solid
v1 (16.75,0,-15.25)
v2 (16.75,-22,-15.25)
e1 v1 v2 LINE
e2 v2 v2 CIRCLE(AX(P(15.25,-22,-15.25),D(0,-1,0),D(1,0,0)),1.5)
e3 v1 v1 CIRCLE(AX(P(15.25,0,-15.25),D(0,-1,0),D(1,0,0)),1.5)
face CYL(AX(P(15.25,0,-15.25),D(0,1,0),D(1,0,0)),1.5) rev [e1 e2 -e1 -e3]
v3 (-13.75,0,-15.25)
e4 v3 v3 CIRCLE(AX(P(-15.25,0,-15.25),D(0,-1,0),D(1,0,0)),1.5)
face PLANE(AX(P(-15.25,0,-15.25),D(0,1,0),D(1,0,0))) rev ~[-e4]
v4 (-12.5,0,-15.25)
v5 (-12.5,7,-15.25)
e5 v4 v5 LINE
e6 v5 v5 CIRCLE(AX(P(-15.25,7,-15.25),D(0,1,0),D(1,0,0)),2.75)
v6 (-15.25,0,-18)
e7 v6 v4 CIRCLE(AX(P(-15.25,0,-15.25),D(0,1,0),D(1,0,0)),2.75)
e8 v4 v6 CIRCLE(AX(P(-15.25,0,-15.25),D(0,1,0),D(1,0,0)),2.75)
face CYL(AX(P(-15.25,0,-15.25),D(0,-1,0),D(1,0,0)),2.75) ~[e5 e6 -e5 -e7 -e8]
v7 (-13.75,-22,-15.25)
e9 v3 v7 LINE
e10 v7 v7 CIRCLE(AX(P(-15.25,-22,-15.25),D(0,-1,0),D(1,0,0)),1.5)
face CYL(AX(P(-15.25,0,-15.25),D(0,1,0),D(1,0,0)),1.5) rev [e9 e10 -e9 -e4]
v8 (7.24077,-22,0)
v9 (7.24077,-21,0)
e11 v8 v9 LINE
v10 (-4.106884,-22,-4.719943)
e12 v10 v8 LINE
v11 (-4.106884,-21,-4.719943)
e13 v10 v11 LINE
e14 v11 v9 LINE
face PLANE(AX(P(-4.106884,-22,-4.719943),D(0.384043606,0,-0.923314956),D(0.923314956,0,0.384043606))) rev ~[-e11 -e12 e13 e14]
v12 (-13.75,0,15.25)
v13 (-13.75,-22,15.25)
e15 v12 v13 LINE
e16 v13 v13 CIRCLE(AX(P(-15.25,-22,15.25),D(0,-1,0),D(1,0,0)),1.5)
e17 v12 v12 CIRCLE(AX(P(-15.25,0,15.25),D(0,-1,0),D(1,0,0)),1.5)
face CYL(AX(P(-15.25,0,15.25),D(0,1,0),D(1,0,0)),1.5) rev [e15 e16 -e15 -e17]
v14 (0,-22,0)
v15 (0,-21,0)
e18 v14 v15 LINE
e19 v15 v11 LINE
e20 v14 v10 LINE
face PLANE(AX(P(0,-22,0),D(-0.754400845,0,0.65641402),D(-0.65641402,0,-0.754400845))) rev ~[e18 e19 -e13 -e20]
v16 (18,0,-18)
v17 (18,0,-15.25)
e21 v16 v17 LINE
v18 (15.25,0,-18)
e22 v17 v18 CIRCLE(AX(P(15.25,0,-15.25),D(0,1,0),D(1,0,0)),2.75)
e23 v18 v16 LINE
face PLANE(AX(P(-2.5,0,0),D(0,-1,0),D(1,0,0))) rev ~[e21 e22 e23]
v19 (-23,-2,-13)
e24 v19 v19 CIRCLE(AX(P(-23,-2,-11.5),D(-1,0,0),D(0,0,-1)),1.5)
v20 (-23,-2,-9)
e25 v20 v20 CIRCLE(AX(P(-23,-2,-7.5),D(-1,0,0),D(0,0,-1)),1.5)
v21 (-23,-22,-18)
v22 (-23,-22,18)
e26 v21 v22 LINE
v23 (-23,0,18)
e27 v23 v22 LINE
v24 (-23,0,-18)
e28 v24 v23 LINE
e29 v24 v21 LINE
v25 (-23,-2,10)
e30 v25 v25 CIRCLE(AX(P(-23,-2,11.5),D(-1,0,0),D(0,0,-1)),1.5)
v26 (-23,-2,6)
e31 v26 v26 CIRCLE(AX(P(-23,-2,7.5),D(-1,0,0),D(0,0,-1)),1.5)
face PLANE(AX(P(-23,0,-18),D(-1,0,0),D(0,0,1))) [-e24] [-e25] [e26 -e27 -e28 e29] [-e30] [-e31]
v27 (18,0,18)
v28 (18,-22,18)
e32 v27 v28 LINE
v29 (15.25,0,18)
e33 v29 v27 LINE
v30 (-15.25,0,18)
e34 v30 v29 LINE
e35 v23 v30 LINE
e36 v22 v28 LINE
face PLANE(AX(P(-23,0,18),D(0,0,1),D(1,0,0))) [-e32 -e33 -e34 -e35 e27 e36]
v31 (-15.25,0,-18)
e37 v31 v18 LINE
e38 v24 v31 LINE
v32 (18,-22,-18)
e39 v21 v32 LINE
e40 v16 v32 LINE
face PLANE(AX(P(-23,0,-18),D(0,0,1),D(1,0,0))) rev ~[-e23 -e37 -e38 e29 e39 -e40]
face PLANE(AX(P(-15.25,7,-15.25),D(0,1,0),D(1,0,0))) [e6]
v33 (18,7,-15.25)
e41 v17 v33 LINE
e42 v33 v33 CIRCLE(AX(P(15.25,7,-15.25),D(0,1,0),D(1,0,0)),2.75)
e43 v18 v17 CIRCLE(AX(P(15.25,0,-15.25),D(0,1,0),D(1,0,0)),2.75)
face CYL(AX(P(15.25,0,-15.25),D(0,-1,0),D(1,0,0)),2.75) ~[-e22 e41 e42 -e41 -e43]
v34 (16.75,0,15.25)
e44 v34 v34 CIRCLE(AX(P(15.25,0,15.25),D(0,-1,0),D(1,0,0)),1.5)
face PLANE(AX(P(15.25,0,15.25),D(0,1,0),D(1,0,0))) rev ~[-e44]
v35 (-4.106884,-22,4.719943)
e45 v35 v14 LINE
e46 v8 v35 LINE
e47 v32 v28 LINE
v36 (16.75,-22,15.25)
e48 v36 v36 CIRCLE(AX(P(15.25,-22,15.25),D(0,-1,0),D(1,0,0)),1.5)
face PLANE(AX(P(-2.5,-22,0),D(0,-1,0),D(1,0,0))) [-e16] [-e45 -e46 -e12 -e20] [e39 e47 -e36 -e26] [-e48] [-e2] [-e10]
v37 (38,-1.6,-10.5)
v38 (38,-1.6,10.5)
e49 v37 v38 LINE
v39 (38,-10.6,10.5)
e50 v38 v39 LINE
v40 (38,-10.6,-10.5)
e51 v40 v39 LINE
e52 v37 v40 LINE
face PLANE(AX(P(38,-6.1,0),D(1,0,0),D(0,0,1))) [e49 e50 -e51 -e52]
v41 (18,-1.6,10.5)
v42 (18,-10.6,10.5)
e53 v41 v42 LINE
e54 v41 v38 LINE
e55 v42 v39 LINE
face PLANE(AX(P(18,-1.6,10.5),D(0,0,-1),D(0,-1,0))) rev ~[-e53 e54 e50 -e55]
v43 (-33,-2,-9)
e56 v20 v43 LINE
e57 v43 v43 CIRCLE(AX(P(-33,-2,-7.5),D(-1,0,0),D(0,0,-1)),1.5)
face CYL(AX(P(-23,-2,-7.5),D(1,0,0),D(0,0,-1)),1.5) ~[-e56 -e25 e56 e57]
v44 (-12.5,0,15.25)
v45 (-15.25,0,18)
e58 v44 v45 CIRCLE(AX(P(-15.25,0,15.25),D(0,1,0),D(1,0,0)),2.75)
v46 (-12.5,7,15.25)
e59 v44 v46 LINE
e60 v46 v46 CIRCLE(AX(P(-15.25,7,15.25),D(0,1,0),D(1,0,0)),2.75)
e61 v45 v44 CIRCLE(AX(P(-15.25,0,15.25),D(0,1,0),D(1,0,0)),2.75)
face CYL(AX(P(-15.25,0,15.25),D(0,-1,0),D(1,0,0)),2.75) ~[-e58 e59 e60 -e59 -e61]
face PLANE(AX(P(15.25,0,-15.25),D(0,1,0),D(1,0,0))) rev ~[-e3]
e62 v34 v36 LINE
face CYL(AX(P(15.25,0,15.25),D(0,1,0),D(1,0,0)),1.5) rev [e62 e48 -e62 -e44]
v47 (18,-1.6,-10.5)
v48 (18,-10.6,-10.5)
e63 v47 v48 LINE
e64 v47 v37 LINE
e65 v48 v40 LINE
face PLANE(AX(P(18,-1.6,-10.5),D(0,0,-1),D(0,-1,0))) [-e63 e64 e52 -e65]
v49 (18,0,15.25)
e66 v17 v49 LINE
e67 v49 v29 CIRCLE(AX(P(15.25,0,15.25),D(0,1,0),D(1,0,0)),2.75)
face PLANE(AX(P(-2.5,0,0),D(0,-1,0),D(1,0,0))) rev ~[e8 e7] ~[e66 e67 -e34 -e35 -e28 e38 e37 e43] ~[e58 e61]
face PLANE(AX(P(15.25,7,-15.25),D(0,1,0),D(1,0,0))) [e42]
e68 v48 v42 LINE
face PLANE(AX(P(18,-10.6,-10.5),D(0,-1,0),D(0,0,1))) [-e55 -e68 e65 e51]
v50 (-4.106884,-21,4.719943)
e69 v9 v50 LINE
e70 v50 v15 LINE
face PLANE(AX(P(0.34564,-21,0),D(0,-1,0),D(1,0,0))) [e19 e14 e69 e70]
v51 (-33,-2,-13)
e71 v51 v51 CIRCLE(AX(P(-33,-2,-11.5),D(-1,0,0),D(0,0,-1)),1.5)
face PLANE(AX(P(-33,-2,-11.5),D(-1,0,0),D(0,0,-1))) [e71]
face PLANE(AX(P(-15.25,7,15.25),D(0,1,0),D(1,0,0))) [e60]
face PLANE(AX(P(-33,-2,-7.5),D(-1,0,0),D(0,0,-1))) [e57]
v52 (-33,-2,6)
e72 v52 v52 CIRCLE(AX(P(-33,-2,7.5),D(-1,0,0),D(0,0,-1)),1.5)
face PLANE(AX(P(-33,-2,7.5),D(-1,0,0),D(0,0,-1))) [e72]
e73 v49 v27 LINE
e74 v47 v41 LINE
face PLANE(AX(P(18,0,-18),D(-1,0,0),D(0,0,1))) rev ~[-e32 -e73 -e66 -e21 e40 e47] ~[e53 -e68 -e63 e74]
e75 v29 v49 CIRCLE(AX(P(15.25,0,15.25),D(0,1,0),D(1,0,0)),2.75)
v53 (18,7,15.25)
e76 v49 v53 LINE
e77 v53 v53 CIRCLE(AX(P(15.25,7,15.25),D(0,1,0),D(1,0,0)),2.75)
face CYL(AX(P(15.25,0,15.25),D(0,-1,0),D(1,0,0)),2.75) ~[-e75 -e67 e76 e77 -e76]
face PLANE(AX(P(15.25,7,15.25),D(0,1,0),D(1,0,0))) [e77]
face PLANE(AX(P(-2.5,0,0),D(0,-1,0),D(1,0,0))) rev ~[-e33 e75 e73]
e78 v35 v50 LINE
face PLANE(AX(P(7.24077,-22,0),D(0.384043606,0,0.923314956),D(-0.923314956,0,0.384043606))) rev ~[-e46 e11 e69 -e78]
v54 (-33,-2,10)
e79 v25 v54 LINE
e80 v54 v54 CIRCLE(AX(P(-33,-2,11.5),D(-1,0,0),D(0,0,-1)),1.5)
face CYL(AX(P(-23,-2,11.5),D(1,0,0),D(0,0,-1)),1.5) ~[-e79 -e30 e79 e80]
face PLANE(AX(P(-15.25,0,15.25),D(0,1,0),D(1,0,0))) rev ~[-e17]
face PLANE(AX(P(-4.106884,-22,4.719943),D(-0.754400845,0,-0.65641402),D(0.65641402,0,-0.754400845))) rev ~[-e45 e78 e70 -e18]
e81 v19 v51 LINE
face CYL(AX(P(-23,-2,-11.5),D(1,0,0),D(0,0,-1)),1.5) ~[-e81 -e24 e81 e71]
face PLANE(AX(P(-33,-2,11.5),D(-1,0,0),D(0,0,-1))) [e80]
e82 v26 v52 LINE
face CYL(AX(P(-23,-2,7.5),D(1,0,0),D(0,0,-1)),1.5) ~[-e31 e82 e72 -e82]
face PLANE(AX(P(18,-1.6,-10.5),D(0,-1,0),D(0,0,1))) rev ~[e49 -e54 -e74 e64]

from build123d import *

# Parameters (mm, degrees)
SKETCH040_W     = 41
SKETCH040_H     = 36
SKETCH040_R     = 1.5
PAD014_DEPTH    = 22
SKETCH041_R     = 2.75
PAD015_DEPTH    = 7
SKETCH042_W     = 21
SKETCH042_H     = 9
PAD016_DEPTH    = 20
SKETCH043_R     = 1.5
PAD017_DEPTH    = 10
POCKET016_DEPTH = 1


with BuildPart() as part:
    # Sketch040 → Pad014 (new body)
    with BuildSketch(Plane.XZ):
        with Locations((-2.5, 0)):
            Rectangle(SKETCH040_W, SKETCH040_H)
        with Locations((15.25, 15.25)):
            Circle(SKETCH040_R, mode=Mode.SUBTRACT)
        with Locations((15.25, -15.25)):
            Circle(SKETCH040_R, mode=Mode.SUBTRACT)
        with Locations((-15.25, -15.25)):
            Circle(SKETCH040_R, mode=Mode.SUBTRACT)
        with Locations((-15.25, 15.25)):
            Circle(SKETCH040_R, mode=Mode.SUBTRACT)
    extrude(amount=PAD014_DEPTH)

    # Sketch041 (on Face9 of Pad014) → Pad015 (join)
    with BuildSketch(Plane(origin=(0, 0, 0), x_dir=(1, 0, 0), z_dir=(0, 1, 0))):
        with Locations((15.25, 15.25)):
            Circle(SKETCH041_R)
        with Locations((15.25, -15.25)):
            Circle(SKETCH041_R)
        with Locations((-15.25, -15.25)):
            Circle(SKETCH041_R)
        with Locations((-15.25, 15.25)):
            Circle(SKETCH041_R)
    extrude(amount=PAD015_DEPTH)

    # Sketch042 (on Face3 of Pad015) → Pad016 (join)
    with BuildSketch(Plane(origin=(18, 0, 0), x_dir=(0, 0, 1), z_dir=(1, 0, 0))):
        with Locations((0, 6.1)):
            Rectangle(SKETCH042_W, SKETCH042_H)
    extrude(amount=PAD016_DEPTH)

    # Sketch043 (on Face2 of Pad016) → Pad017 (join)
    with BuildSketch(Plane(origin=(-23, 0, 0), x_dir=(0, 0, -1), z_dir=(-1, 0, 0))):
        with Locations((-11.5, 2)):
            Circle(SKETCH043_R)
        with Locations((-7.5, 2)):
            Circle(SKETCH043_R)
        with Locations((7.5, 2)):
            Circle(SKETCH043_R)
        with Locations((11.5, 2)):
            Circle(SKETCH043_R)
    extrude(amount=PAD017_DEPTH)

    # Sketch044 (on Face6 of Pad017) → Pocket016 (cut)
    with BuildSketch(Plane.XZ.offset(22)):
        Polygon((-4.106884, -4.719943), (7.24077, 0), (-4.106884, 4.719943), (0, 0), align=None)
    extrude(amount=-POCKET016_DEPTH, mode=Mode.SUBTRACT)


solid = part.part
